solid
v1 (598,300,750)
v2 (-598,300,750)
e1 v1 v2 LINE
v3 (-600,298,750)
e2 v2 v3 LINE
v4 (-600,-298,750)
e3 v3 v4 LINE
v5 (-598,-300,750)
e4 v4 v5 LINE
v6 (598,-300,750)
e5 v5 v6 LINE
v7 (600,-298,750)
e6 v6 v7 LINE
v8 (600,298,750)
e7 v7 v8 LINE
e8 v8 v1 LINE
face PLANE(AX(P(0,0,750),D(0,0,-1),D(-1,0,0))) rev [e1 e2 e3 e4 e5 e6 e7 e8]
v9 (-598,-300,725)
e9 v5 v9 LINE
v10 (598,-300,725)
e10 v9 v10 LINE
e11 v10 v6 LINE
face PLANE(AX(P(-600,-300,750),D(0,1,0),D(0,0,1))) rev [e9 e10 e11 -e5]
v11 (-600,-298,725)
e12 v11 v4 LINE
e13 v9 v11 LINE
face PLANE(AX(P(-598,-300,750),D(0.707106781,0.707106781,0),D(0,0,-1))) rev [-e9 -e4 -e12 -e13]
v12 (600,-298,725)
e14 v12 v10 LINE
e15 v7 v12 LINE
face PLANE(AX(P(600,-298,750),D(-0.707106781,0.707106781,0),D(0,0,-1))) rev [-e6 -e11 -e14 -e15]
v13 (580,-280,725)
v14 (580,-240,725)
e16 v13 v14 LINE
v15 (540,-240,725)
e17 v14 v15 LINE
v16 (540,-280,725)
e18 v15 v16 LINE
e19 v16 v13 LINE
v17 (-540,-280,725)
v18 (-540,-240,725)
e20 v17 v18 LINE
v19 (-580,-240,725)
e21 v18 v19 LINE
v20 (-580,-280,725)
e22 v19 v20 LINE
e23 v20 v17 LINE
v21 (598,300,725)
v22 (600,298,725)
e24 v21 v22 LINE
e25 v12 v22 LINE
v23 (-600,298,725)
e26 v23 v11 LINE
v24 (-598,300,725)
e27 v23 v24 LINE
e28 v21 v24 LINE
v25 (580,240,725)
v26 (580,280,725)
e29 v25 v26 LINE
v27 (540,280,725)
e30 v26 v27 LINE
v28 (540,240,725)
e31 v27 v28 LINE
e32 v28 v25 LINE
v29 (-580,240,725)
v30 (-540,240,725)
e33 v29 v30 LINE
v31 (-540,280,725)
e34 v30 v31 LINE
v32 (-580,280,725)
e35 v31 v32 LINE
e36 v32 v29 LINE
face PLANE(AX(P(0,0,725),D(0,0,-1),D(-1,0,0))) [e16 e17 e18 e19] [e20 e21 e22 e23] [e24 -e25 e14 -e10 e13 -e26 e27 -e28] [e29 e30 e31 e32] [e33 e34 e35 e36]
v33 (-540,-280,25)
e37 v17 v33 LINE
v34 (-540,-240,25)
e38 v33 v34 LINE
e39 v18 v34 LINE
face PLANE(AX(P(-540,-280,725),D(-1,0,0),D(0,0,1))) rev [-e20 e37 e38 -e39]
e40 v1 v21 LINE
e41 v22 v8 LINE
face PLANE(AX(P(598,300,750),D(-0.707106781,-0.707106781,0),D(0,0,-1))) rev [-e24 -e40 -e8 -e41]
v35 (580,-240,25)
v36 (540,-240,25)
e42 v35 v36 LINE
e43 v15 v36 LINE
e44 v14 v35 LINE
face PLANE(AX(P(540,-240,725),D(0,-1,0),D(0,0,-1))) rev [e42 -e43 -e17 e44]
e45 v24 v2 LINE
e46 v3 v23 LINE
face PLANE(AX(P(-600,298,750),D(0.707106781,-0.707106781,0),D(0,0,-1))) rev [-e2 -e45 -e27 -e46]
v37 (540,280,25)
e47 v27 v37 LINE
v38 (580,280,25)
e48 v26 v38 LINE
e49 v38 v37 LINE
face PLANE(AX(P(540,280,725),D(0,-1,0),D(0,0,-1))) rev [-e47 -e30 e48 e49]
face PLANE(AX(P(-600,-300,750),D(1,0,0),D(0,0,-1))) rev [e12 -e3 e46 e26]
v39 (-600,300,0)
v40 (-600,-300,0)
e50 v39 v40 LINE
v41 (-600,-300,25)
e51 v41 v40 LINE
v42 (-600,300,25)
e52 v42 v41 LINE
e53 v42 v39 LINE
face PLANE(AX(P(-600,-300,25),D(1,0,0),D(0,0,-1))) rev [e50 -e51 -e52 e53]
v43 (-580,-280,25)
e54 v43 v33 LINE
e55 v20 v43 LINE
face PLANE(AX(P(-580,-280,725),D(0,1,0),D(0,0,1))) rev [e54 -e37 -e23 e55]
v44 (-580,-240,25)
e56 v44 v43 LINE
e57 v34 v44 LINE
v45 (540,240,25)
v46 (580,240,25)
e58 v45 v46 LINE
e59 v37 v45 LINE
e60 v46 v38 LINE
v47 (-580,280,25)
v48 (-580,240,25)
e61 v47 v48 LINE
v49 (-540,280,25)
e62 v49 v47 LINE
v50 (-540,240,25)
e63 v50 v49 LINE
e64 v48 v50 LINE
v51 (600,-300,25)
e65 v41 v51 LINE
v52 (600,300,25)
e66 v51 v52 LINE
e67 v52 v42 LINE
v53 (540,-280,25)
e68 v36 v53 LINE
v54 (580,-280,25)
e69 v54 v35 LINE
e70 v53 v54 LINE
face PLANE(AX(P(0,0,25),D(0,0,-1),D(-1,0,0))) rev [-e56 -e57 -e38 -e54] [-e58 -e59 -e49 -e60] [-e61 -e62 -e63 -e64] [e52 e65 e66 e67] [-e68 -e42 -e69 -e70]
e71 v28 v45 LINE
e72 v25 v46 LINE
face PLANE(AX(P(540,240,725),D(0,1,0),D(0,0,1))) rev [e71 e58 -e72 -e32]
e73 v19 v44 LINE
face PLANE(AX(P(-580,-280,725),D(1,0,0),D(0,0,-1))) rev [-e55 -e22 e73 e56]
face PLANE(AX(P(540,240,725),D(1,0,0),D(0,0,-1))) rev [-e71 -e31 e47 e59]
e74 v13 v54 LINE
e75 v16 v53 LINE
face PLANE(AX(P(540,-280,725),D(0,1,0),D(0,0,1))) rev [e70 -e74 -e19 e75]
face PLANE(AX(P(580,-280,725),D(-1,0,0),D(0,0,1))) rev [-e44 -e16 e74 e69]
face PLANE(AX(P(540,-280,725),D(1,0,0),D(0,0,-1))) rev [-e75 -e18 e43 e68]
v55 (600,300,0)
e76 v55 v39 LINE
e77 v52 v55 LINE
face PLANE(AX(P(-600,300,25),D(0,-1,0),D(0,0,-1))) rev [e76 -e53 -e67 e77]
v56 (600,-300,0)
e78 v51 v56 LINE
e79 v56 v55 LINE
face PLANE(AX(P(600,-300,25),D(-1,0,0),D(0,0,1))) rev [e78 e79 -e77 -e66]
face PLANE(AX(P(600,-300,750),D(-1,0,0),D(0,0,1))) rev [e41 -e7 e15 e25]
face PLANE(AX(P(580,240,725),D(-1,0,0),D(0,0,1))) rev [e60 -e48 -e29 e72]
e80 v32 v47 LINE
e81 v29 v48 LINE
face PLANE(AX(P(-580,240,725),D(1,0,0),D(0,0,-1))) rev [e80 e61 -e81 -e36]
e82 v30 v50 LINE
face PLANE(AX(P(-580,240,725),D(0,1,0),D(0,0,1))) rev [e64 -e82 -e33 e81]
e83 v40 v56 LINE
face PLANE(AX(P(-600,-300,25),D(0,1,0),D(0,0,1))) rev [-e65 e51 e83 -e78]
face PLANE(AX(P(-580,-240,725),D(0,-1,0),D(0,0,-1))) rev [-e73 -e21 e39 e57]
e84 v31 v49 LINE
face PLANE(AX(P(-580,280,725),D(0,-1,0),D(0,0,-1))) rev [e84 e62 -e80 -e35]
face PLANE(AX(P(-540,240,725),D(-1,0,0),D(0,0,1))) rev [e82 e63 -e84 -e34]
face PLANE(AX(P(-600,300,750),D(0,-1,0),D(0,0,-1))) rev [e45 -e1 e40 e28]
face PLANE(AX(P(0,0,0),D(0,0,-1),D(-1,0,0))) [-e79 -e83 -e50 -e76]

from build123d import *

# Parameters (mm, degrees)
SKETCH1_W           = 1200
SKETCH1_H           = 600
BOSS_EXTRUDE1_DEPTH = 25
SKETCH2_W           = 40
SKETCH2_H           = 40
BOSS_EXTRUDE2_DEPTH = 725
SKETCH3_W           = 1200
SKETCH3_H           = 600
BOSS_EXTRUDE3_DEPTH = 25
CHAMFER1_SIZE       = 2


with BuildPart() as part:
    # Sketch1 → Boss-Extrude1 (new body)
    with BuildSketch(Plane.XY):
        Rectangle(SKETCH1_W, SKETCH1_H)
    extrude(amount=BOSS_EXTRUDE1_DEPTH)

    # Sketch2 → Boss-Extrude2 (add)
    with BuildSketch(Plane.XY):
        with Locations((-560, -260)):
            Rectangle(SKETCH2_W, SKETCH2_H)
        with Locations((560, -260)):
            Rectangle(SKETCH2_W, SKETCH2_H)
        with Locations((560, 260)):
            Rectangle(SKETCH2_W, SKETCH2_H)
        with Locations((-560, 260)):
            Rectangle(SKETCH2_W, SKETCH2_H)
    extrude(amount=BOSS_EXTRUDE2_DEPTH)

    # Sketch3 → Boss-Extrude3 (add)
    with BuildSketch(Plane.XY.offset(725)):
        Rectangle(SKETCH3_W, SKETCH3_H)
    extrude(amount=BOSS_EXTRUDE3_DEPTH)

    # Chamfer1
    chamfer1_edges = [part.edges().sort_by_distance(p)[0] for p in [
        (600, -300, 737.5),
        (600, 300, 737.5),
        (-600, 300, 737.5),
        (-600, -300, 737.5),
    ]]
    chamfer(chamfer1_edges, length=CHAMFER1_SIZE)


solid = part.part
